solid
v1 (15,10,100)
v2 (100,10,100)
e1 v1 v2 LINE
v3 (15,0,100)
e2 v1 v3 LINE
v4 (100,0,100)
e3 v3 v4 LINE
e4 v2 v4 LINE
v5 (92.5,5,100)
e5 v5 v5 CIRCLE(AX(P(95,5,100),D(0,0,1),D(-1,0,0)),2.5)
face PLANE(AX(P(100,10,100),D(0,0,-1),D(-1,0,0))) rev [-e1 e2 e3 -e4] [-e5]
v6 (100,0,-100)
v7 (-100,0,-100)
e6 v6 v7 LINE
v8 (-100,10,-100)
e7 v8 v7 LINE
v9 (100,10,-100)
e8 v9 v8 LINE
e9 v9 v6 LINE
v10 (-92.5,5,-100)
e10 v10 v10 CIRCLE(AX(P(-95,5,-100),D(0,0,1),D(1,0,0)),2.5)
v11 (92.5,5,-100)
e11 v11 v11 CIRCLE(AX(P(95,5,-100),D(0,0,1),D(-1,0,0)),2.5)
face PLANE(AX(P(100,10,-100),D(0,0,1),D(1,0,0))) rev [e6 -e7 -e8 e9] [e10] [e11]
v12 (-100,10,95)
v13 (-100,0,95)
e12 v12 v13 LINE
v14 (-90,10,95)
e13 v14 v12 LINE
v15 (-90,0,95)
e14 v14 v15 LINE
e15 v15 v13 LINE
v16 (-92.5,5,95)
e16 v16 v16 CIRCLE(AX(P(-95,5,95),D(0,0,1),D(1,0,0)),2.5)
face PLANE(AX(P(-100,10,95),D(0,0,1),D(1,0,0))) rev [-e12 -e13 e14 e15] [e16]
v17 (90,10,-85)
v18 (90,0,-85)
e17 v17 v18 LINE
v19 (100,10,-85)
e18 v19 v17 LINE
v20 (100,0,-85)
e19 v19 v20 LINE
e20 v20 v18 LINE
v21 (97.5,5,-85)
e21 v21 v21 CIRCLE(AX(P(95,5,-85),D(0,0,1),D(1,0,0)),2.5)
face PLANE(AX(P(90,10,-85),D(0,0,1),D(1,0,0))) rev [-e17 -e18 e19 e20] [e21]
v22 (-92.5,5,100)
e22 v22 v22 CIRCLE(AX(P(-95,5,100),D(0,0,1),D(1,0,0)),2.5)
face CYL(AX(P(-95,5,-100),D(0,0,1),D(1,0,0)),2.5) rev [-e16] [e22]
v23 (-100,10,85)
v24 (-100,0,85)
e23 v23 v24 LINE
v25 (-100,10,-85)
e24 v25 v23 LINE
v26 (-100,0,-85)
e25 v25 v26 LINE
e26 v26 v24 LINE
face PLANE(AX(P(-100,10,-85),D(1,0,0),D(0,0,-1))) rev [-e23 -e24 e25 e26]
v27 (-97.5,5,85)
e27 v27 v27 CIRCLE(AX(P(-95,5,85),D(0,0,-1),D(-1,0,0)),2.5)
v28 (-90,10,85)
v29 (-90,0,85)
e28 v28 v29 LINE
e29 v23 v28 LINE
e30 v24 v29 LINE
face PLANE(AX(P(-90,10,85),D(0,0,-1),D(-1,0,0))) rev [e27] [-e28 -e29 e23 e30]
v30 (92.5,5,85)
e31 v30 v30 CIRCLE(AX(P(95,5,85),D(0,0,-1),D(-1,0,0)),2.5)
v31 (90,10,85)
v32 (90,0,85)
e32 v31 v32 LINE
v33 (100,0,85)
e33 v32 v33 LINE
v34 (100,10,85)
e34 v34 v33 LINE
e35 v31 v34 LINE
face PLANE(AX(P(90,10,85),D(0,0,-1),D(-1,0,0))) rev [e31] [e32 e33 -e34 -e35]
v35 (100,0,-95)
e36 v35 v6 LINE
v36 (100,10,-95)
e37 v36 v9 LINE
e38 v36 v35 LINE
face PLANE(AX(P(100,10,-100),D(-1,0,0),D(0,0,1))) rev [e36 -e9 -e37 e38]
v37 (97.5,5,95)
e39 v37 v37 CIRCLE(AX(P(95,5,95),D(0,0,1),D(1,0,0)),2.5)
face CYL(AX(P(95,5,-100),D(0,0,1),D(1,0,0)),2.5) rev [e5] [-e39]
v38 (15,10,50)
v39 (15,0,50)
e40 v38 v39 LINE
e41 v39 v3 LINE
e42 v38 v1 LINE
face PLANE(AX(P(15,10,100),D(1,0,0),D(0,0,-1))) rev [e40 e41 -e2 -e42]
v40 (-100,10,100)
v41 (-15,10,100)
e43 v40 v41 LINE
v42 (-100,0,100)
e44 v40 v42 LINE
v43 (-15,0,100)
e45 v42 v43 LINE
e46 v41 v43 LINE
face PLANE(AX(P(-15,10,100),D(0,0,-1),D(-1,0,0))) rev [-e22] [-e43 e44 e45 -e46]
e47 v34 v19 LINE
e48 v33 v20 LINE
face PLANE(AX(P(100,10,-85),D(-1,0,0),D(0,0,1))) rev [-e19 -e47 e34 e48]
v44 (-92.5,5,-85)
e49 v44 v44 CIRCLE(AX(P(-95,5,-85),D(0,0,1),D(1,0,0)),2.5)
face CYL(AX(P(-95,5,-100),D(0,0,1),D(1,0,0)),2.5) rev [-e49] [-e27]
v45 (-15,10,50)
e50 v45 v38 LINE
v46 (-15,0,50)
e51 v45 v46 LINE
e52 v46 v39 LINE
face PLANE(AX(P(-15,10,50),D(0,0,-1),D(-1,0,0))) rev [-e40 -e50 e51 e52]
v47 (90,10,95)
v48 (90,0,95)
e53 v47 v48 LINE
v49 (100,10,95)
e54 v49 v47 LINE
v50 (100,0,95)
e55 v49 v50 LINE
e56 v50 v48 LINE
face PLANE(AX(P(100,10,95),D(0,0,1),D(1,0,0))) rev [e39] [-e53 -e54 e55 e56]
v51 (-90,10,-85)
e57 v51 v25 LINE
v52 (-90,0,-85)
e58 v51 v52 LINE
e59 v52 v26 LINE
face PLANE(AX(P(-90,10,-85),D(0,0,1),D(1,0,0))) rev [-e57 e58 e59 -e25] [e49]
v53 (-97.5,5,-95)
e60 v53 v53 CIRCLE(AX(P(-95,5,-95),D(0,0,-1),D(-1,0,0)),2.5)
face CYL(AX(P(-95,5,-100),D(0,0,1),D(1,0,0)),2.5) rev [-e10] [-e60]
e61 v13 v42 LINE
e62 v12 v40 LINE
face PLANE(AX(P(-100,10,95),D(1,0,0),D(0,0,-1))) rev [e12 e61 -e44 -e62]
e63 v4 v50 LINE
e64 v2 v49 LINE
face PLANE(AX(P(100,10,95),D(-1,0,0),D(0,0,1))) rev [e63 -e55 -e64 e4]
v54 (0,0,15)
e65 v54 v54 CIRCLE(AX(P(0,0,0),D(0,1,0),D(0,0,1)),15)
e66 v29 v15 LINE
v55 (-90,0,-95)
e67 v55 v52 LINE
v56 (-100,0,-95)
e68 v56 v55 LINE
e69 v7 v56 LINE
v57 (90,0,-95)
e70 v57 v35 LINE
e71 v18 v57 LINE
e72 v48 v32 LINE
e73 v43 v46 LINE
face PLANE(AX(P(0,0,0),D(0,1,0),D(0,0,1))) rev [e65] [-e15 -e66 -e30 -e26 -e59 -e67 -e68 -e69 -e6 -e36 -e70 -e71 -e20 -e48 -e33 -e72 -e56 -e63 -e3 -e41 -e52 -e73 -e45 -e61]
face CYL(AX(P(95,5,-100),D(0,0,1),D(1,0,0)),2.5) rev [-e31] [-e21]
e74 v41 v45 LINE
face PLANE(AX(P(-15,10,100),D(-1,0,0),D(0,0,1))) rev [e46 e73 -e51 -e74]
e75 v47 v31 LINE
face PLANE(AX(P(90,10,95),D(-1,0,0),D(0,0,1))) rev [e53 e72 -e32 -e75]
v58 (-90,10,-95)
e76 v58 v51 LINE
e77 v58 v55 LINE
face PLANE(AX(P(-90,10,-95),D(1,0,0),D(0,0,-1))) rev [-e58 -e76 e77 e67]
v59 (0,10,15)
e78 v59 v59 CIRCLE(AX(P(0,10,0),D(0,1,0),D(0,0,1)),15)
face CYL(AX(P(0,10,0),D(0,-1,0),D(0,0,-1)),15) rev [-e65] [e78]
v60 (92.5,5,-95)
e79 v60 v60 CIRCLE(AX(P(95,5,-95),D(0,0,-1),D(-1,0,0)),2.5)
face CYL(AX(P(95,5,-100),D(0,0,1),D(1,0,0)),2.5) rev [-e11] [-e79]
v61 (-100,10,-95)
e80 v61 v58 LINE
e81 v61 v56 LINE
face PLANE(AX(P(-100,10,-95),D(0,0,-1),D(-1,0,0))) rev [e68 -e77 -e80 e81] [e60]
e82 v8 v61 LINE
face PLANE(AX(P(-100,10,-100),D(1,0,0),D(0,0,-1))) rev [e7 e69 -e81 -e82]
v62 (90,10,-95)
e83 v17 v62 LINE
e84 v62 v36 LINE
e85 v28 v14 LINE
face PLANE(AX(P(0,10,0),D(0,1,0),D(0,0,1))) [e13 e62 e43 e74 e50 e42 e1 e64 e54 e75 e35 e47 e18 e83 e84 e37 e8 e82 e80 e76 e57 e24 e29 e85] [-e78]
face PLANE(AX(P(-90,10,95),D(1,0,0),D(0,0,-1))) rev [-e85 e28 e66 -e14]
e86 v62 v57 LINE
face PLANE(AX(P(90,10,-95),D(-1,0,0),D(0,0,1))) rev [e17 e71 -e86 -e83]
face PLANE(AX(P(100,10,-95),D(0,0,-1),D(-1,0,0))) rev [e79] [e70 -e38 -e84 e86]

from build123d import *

# Parameters (mm, degrees)
ESQUISSE1_R             = 15
BASE_DEPTH              = 10
ESQUISSE2_R             = 2.5
ENL_V_MAT_EXTRU_1_DEPTH = 224.830292856


with BuildPart() as part:
    # Esquisse1 → BASE (new body)
    with BuildSketch(Plane(origin=(0, 0, 0), x_dir=(1, 0, 0), z_dir=(0, 1, 0))):
        Polygon((-100, 95), (-90, 95), (-90, 85), (-100, 85), (-100, -85), (-90, -85), (-90, -95), (-100, -95), (-100, -100), (-15, -100), (-15, -50), (15, -50), (15, -100), (100, -100), (100, -95), (90, -95), (90, -85), (100, -85), (100, 85), (90, 85), (90, 95), (100, 95), (100, 100), (-100, 100), align=None)
        with Locations(Location((0, 0, 0), (0, 0, 270))):
            Circle(ESQUISSE1_R, mode=Mode.SUBTRACT)
    extrude(amount=BASE_DEPTH)

    # Esquisse2 → Enlèv. mat.-Extru.1 (cut, through all)
    with BuildSketch(Plane.XY.offset(100)):
        with Locations((-95, 5)):
            Circle(ESQUISSE2_R)
        with Locations(Location((95, 5, 0), (0, 0, 180))):
            Circle(ESQUISSE2_R)
    extrude(amount=-ENL_V_MAT_EXTRU_1_DEPTH, mode=Mode.SUBTRACT)


solid = part.part
